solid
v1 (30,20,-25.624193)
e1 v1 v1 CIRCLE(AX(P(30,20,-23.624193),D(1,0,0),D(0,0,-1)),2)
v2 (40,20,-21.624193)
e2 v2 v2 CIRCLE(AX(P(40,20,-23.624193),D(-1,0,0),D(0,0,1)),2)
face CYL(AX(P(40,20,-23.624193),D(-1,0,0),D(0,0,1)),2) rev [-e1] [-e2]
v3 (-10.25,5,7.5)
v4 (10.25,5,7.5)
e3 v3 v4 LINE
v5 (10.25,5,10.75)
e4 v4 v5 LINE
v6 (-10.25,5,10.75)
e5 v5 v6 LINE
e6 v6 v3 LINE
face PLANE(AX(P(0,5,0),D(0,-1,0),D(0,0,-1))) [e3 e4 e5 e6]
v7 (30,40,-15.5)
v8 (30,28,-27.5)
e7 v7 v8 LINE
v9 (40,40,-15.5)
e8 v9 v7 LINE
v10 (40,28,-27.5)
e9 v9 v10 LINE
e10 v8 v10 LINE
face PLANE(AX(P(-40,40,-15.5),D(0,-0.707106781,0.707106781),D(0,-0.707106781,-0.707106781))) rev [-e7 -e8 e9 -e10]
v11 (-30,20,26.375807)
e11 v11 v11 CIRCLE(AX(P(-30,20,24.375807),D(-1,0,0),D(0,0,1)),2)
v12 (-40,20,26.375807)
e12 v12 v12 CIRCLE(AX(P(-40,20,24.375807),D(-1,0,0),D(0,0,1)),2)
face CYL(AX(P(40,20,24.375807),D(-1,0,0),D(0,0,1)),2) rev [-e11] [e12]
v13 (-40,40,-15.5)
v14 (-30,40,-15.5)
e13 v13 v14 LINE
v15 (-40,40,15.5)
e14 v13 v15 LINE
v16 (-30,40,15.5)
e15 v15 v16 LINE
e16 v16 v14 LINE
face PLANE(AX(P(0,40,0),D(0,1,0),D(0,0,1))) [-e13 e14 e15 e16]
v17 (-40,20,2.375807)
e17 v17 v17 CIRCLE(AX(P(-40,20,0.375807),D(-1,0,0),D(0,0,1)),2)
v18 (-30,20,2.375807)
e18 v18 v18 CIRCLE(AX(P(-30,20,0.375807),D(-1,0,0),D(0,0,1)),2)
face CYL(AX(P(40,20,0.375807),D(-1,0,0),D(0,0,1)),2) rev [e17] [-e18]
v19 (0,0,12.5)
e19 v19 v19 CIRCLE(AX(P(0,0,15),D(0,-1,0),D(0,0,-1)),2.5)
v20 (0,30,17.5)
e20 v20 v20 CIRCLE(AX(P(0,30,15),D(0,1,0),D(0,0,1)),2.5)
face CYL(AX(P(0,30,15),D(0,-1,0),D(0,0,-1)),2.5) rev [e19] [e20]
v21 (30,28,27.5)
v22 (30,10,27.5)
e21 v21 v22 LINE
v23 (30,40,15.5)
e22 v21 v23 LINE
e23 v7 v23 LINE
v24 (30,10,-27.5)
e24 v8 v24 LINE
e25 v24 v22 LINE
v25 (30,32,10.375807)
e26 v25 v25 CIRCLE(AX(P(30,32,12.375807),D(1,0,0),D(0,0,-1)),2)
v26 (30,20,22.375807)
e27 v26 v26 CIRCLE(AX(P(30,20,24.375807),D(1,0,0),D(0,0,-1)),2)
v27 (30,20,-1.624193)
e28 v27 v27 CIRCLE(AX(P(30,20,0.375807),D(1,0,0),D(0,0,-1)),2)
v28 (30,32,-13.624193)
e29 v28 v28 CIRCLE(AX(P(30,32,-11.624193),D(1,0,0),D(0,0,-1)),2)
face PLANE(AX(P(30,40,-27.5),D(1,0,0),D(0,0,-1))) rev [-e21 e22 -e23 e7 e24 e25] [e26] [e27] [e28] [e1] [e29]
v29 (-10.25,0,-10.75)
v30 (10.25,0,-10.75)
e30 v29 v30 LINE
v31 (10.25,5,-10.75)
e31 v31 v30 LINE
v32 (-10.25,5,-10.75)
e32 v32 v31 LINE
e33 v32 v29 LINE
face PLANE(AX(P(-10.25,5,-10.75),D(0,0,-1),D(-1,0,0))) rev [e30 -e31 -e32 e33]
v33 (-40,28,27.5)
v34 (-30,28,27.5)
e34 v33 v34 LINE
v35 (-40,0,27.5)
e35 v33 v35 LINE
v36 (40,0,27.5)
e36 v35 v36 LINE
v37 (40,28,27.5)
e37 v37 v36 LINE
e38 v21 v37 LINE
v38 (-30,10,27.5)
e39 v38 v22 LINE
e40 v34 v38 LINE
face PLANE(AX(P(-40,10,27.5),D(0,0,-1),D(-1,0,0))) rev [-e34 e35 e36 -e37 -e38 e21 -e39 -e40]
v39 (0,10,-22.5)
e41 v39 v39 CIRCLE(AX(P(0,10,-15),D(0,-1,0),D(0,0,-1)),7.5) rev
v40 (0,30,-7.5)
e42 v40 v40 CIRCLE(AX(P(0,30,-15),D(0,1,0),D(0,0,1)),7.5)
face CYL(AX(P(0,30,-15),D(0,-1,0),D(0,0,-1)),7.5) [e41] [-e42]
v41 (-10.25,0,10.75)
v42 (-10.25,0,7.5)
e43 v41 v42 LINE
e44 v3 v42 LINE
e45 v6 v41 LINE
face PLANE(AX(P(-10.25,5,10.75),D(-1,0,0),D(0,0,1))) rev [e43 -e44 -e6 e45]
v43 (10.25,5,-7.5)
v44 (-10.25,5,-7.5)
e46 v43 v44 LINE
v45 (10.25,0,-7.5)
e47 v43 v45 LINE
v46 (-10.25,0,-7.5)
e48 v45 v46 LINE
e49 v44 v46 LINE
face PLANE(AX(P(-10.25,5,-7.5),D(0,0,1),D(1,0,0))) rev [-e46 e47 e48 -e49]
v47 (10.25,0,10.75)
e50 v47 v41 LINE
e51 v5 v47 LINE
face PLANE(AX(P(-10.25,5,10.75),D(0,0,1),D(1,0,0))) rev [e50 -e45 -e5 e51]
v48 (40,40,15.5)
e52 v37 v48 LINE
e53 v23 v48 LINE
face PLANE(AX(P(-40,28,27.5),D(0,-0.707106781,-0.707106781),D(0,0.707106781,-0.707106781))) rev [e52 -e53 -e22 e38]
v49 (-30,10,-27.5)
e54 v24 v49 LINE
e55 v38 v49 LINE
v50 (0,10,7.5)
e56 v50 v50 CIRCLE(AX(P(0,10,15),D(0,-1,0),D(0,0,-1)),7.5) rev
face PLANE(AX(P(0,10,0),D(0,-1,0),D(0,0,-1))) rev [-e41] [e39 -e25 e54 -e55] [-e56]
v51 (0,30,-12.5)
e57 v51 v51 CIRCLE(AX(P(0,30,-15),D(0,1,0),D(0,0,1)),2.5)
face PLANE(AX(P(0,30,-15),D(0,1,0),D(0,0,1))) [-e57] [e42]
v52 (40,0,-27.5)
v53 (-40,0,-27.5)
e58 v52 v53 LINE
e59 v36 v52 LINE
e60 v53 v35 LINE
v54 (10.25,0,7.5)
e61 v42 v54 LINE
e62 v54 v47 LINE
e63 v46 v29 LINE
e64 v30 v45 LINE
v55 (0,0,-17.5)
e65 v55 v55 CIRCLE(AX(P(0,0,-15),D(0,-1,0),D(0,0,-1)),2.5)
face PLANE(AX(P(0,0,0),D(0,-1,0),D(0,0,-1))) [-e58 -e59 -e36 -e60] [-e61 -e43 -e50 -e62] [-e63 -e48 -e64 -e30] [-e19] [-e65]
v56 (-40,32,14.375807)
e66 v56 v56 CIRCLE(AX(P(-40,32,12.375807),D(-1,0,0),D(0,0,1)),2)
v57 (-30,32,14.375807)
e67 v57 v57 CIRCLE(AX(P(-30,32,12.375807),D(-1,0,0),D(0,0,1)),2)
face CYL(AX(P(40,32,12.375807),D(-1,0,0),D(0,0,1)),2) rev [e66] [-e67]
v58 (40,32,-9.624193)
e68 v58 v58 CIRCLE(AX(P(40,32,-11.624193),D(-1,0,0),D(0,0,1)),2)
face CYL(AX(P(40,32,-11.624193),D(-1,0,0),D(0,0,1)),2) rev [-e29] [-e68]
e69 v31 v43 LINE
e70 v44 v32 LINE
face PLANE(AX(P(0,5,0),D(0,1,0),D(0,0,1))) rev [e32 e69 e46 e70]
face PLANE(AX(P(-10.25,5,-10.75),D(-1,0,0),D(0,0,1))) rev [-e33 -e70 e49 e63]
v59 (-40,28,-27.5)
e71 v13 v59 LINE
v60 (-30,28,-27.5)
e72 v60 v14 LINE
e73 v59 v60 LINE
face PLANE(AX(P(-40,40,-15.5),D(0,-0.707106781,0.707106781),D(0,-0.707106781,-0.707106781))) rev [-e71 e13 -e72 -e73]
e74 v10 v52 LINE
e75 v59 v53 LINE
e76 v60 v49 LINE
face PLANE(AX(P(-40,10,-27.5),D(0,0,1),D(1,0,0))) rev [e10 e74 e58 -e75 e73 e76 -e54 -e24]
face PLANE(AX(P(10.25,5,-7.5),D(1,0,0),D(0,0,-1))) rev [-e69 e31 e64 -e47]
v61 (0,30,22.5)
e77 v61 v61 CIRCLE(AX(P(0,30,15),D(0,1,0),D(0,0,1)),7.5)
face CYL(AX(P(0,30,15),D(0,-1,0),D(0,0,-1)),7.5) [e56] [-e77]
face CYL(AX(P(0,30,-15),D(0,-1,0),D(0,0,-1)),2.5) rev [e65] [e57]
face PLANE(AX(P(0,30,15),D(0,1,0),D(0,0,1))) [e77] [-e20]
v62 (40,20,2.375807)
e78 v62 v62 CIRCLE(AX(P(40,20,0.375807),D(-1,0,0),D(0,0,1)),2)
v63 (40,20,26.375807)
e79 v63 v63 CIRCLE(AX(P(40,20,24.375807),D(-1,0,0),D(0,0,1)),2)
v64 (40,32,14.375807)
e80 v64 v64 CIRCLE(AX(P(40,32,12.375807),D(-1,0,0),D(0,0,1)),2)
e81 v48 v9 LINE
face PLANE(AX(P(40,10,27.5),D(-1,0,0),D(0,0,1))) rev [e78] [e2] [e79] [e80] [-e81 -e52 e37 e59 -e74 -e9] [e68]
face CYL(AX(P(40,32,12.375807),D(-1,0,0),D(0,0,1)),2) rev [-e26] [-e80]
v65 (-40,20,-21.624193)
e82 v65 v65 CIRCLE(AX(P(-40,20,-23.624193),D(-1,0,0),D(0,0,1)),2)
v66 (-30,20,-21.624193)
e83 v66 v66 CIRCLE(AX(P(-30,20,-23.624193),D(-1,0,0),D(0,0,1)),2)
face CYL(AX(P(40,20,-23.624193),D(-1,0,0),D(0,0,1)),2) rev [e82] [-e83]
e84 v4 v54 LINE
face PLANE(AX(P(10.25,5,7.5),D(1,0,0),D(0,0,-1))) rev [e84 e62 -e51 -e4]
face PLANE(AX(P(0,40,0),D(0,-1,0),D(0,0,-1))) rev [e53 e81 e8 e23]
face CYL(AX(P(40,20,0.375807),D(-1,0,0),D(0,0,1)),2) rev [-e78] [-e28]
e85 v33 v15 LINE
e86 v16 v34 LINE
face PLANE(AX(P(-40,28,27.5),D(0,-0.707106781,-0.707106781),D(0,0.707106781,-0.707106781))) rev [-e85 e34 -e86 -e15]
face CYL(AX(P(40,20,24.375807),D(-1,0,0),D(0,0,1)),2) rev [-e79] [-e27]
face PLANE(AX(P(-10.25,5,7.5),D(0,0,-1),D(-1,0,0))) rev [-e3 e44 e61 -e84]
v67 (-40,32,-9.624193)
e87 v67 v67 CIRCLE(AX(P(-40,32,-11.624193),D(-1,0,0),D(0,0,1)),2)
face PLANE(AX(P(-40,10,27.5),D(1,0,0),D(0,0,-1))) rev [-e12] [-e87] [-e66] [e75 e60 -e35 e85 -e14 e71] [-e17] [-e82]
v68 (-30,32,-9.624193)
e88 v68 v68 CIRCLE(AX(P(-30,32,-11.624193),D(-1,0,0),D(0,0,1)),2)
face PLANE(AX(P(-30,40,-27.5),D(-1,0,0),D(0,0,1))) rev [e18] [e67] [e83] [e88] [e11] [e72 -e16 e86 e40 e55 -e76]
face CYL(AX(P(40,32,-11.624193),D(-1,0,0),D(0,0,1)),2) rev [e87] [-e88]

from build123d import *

# Parameters (mm, degrees)
SKETCH1_W           = 80
SKETCH1_H           = 55
BOSS_EXTRUDE1_DEPTH = 10
SKETCH2_W           = 10
SKETCH2_H           = 55
BOSS_EXTRUDE2_DEPTH = 30
SKETCH3_R           = 2
CUT_EXTRUDE1_DEPTH  = 81
SKETCH4_R           = 2.5
CUT_EXTRUDE2_DEPTH  = 30
SKETCH5_R           = 7.5
SKETCH5_R_2         = 2.5
BOSS_EXTRUDE3_DEPTH = 20
SKETCH6_W           = 20.5
SKETCH6_H           = 3.25
CUT_EXTRUDE3_DEPTH  = 5
CUT_EXTRUDE4_DEPTH  = 81


with BuildPart() as part:
    # Sketch1 → Boss-Extrude1 (new body)
    with BuildSketch(Plane(origin=(0, 0, 0), x_dir=(1, 0, 0), z_dir=(0, 1, 0))):
        Rectangle(SKETCH1_W, SKETCH1_H)
    extrude(amount=BOSS_EXTRUDE1_DEPTH)

    # Sketch2 → Boss-Extrude2 (add)
    with BuildSketch(Plane(origin=(0, 10, 0), x_dir=(1, 0, 0), z_dir=(0, 1, 0))):
        with Locations((-35, 0)):
            Rectangle(SKETCH2_W, SKETCH2_H)
        with Locations((35, 0)):
            Rectangle(SKETCH2_W, SKETCH2_H)
    extrude(amount=BOSS_EXTRUDE2_DEPTH)

    # Sketch3 → Cut-Extrude1 (cut, through all)
    with BuildSketch(Plane.ZY.offset(40)):
        with Locations((-23.624192801, 20)):
            Circle(SKETCH3_R)
        with Locations((0.375807199, 20)):
            Circle(SKETCH3_R)
        with Locations((24.375807199, 20)):
            Circle(SKETCH3_R)
        with Locations((-11.624192801, 32)):
            Circle(SKETCH3_R)
        with Locations((12.375807199, 32)):
            Circle(SKETCH3_R)
    extrude(amount=-CUT_EXTRUDE1_DEPTH, mode=Mode.SUBTRACT)

    # Sketch4 → Cut-Extrude2 (cut)
    with BuildSketch(Plane.XZ):
        with Locations((0, 15)):
            Circle(SKETCH4_R)
        with Locations((0, -15)):
            Circle(SKETCH4_R)
    extrude(amount=-CUT_EXTRUDE2_DEPTH, mode=Mode.SUBTRACT)

    # Sketch5 → Boss-Extrude3 (add)
    with BuildSketch(Plane(origin=(0, 10, 0), x_dir=(1, 0, 0), z_dir=(0, 1, 0))):
        with Locations((0, 15)):
            Circle(SKETCH5_R)
        with Locations((0, 15)):
            Circle(SKETCH5_R_2, mode=Mode.SUBTRACT)
        with Locations((0, -15)):
            Circle(SKETCH5_R)
        with Locations((0, -15)):
            Circle(SKETCH5_R_2, mode=Mode.SUBTRACT)
    extrude(amount=BOSS_EXTRUDE3_DEPTH)

    # Sketch6 → Cut-Extrude3 (cut)
    with BuildSketch(Plane.XZ):
        with Locations((0, 9.125)):
            Rectangle(SKETCH6_W, SKETCH6_H)
        with Locations((0, -9.125)):
            Rectangle(SKETCH6_W, SKETCH6_H)
    extrude(amount=-CUT_EXTRUDE3_DEPTH, mode=Mode.SUBTRACT)

    # Sketch7 → Cut-Extrude4 (cut, through all)
    with BuildSketch(Plane(origin=(40, 0, 0), x_dir=(0, 0, -1), z_dir=(1, 0, 0))):
        Polygon((-27.5, 28), (-15.5, 40), (-27.5, 40), align=None)
        Polygon((15.5, 40), (27.5, 28), (27.5, 40), align=None)
    extrude(amount=-CUT_EXTRUDE4_DEPTH, mode=Mode.SUBTRACT)


solid = part.part
